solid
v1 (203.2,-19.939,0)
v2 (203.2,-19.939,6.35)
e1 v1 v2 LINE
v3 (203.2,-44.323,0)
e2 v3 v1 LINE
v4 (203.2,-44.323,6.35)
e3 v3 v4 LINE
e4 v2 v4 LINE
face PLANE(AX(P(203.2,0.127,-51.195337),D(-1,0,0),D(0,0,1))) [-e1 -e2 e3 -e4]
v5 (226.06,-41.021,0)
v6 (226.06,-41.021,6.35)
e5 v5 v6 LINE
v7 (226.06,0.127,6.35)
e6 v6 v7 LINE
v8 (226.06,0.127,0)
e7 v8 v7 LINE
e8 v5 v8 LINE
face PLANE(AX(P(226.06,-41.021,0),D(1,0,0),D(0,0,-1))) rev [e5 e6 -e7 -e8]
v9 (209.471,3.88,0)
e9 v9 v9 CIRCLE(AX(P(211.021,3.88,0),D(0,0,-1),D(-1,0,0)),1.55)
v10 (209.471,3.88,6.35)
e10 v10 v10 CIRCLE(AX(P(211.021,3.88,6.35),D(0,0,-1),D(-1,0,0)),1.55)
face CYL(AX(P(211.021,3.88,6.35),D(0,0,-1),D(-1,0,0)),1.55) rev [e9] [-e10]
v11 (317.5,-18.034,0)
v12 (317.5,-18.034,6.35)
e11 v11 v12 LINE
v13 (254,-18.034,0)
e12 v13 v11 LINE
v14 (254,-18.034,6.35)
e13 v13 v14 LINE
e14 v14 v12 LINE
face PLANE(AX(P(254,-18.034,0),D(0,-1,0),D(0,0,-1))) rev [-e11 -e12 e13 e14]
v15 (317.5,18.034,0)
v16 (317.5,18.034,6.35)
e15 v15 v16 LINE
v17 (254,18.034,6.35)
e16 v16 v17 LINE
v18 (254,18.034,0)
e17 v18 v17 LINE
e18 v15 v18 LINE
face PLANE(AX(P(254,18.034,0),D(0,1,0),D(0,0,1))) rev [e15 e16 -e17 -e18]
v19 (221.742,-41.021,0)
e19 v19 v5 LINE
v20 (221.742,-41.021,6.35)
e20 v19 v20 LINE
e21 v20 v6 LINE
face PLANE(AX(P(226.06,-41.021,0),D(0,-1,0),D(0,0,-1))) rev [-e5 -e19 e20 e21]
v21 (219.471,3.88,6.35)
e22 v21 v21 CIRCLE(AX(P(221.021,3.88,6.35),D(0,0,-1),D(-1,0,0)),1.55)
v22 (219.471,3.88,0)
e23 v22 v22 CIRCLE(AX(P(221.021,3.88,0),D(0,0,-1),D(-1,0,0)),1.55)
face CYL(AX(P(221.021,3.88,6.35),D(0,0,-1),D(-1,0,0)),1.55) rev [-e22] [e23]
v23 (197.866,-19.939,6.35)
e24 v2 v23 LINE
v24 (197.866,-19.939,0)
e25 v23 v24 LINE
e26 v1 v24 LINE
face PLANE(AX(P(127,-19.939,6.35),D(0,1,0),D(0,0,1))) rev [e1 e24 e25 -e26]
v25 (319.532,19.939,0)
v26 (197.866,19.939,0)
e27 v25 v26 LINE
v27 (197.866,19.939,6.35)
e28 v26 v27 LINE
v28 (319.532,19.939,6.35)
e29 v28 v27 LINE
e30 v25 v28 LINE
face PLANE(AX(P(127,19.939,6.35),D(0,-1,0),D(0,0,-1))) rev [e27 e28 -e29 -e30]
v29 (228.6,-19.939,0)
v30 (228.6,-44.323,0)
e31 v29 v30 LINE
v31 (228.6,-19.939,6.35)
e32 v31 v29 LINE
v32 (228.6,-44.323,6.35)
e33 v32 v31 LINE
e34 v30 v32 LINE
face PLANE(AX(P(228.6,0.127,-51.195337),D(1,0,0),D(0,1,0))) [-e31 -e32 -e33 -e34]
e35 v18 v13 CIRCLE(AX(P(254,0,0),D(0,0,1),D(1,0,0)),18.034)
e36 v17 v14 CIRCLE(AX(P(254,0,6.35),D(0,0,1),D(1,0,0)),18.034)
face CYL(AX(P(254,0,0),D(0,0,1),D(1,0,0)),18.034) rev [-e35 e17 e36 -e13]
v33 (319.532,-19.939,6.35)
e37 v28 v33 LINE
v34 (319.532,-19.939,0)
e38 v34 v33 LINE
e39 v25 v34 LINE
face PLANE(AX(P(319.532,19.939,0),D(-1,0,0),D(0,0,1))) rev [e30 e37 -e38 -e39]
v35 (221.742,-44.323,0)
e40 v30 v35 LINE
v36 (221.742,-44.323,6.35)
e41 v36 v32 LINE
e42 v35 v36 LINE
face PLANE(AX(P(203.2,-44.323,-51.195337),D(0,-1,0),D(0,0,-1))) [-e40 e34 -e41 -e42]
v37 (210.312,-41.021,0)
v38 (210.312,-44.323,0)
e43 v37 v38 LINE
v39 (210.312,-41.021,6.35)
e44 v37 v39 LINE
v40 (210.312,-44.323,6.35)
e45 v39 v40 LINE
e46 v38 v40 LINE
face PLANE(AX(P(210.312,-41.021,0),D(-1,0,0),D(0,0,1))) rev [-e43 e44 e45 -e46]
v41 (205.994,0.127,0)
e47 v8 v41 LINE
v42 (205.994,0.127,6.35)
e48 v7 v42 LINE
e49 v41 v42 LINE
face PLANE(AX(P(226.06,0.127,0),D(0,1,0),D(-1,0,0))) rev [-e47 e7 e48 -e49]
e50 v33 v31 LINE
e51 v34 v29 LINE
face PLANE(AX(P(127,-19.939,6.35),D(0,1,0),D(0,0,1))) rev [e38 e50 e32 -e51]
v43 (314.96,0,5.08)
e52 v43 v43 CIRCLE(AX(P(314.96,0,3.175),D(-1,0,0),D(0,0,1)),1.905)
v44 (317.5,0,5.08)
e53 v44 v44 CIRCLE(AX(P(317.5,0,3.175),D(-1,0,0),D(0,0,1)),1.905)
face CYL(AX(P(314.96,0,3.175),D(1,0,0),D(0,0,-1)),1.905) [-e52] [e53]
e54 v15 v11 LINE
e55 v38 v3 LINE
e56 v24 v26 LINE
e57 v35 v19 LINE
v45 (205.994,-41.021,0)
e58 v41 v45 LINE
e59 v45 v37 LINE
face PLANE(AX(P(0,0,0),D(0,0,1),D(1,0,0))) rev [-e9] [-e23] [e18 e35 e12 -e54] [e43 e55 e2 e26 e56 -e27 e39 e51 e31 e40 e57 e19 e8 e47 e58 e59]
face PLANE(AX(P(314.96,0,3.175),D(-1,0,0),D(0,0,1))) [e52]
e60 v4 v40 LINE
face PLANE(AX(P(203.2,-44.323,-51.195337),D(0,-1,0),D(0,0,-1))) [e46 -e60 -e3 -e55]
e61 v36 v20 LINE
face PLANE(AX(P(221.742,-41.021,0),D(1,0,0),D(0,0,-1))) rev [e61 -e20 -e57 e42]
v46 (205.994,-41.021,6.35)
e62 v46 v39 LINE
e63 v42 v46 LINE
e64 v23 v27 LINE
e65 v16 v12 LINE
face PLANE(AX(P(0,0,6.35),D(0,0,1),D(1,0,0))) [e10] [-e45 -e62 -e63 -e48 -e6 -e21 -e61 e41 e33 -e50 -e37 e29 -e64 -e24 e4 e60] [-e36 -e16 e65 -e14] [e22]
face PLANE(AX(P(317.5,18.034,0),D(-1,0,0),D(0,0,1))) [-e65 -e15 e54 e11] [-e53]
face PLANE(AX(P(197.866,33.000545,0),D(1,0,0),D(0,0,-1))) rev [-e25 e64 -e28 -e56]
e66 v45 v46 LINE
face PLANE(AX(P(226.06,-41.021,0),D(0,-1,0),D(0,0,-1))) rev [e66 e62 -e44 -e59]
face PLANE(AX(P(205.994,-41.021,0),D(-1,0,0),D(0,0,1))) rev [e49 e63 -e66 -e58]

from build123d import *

# Parameters (mm, degrees)
SKETCH1_R                = 19.939
CIRCLE_EXTRUDE_DEPTH     = 6.35
SKETCH3_W                = 6.35
SKETCH3_H                = 39.878
RECTANGLE_EXTRUDE_DEPTH  = 127
SKETCH2_R                = 18.034
CIRCLE_CUT_DEPTH         = 129.712416732
SKETCH6_W                = 125.095
SKETCH6_H                = 36.068
RECTANGLE_CUT_DEPTH      = 129.712416732
SKETCH7_W                = 61.595
SKETCH7_H                = 36.068
END_SHAPE_DEPTH          = 6.35
SKETCH8_R                = 1.905
FOR_SPRING_EXTRUDE_DEPTH = 2.54
MIRRORED_PATTERN_COUNT   = 2
MIRRORED_PATTERN_PITCH   = 254
MIDDLE_CONNECTOR_REACH   = 256.861
SKETCH10_W               = 6.35
SKETCH10_H               = 39.878
SKETCH11_W               = 6.35
SKETCH11_H               = 39.878
END_CUT_DEPTH            = 55.88
SKETCH13_W               = 25.4
SKETCH13_H               = 44.45
BOSS_EXTRUDE1_DEPTH      = 6.35
SKETCH12_W               = 20.066
SKETCH12_H               = 41.148
CUT_EXTRUDE1_DEPTH       = 329.188764629
LPATTERN1_COUNT          = 2
LPATTERN1_PITCH          = 107.188
SKETCH14_R               = 1.55
CUT_EXTRUDE2_DEPTH       = 329.188764629
SKETCH16_W               = 11.43
SKETCH16_H               = 3.302
CUT_EXTRUDE4_DEPTH       = 329.188764629
SKETCH17_W               = 244.663086165
SKETCH17_H               = 85.398325617
SKETCH17_W_2             = 5.588
SKETCH17_H_2             = 39.878
CUT_EXTRUDE5_DEPTH       = 329.188764629


with BuildPart() as part:
    # Sketch1 → circle extrude (new body)
    with BuildSketch(Plane.XY):
        Circle(SKETCH1_R)
    extrude(amount=CIRCLE_EXTRUDE_DEPTH)

    # Sketch3 → rectangle extrude (add)
    with BuildSketch(Plane(origin=(0, 0, 0), x_dir=(0, 0, -1), z_dir=(1, 0, 0))):
        with Locations((-3.175, 0)):
            Rectangle(SKETCH3_W, SKETCH3_H)
    extrude(amount=RECTANGLE_EXTRUDE_DEPTH)

    # Sketch2 → circle cut (cut, through all)
    with BuildSketch(Plane.XY.offset(6.35)):
        Circle(SKETCH2_R)
    extrude(amount=-CIRCLE_CUT_DEPTH, mode=Mode.SUBTRACT)

    # Sketch6 → rectangle cut (cut, through all)
    with BuildSketch(Plane.XY.offset(6.35)):
        with Locations((62.5475, 0)):
            Rectangle(SKETCH6_W, SKETCH6_H)
    extrude(amount=-RECTANGLE_CUT_DEPTH, mode=Mode.SUBTRACT)

    # Sketch7 → end shape (add)
    with BuildSketch(Plane.XY.offset(6.35)):
        with Locations((94.2975, 0)):
            Rectangle(SKETCH7_W, SKETCH7_H)
    extrude(amount=-END_SHAPE_DEPTH)

    # Sketch8 → for spring extrude (add)
    with BuildSketch(Plane.ZY.offset(-63.5)):
        with Locations((3.175, 0)):
            Circle(SKETCH8_R)
    extrude(amount=FOR_SPRING_EXTRUDE_DEPTH)


with BuildPart() as mirrored_pattern_1:
    # mirrored pattern: pattern copy
    add(part.part.moved(Location(Vector(1, 0, 0) * (1 * MIRRORED_PATTERN_PITCH))))

    # Sketch10 → middle connector (add, up to next)
    with BuildSketch(Plane(origin=(127, 0, 0), x_dir=(0, 0, -1), z_dir=(1, 0, 0)), mode=Mode.PRIVATE) as middle_connector_sk1:
        with Locations((-3.175, 0)):
            Rectangle(SKETCH10_W, SKETCH10_H)
    middle_connector_tool1 = extrude(middle_connector_sk1.sketch, amount=MIDDLE_CONNECTOR_REACH, mode=Mode.PRIVATE) - mirrored_pattern_1.part

    add(part.part)  # middle connector merges part
    add(middle_connector_tool1.solids().sort_by_distance((127, 0, 3.175))[0])

    # Sketch11 → end cut (cut)
    with BuildSketch(Plane(origin=(381, 0, 0), x_dir=(0, 0, -1), z_dir=(1, 0, 0))):
        with Locations((-3.175, 0)):
            Rectangle(SKETCH11_W, SKETCH11_H)
    extrude(amount=-END_CUT_DEPTH, mode=Mode.SUBTRACT)

    # Sketch13 → Boss-Extrude1 (add)
    with BuildSketch(Plane.XY.offset(6.35)):
        with Locations((215.9, -22.098)):
            Rectangle(SKETCH13_W, SKETCH13_H)
    boss_extrude1 = extrude(amount=-BOSS_EXTRUDE1_DEPTH)

    # Sketch12 → Cut-Extrude1 (cut, through all)
    with BuildSketch(Plane.XY.offset(6.35)):
        with Locations((216.027, -20.447)):
            Rectangle(SKETCH12_W, SKETCH12_H)
    cut_extrude1 = extrude(amount=-CUT_EXTRUDE1_DEPTH, mode=Mode.SUBTRACT)

    # LPattern1: Boss-Extrude1, Cut-Extrude1 ×2
    with Locations(*[(-i * LPATTERN1_PITCH, 0, 0) for i in range(1, LPATTERN1_COUNT)]):
        add(boss_extrude1)
        add(cut_extrude1, mode=Mode.SUBTRACT)

    # Sketch14 → Cut-Extrude2 (cut, through all)
    with BuildSketch(Plane(origin=(0, 0, 0), x_dir=(-1, 0, 0), z_dir=(0, 0, -1))):
        with Locations((-103.96, 3.88)):
            Circle(SKETCH14_R)
        with Locations((-113.96, 3.88)):
            Circle(SKETCH14_R)
        with Locations((-211.021, 3.88)):
            Circle(SKETCH14_R)
        with Locations((-221.021, 3.88)):
            Circle(SKETCH14_R)
    extrude(amount=-CUT_EXTRUDE2_DEPTH, mode=Mode.SUBTRACT)

    # Sketch16 → Cut-Extrude4 (cut, through all)
    with BuildSketch(Plane.XY.offset(6.35)):
        with Locations((216.027, -42.672)):
            Rectangle(SKETCH16_W, SKETCH16_H)
    extrude(amount=-CUT_EXTRUDE4_DEPTH, mode=Mode.SUBTRACT)

    # Sketch17 → Cut-Extrude5 (cut, through all)
    with BuildSketch(Plane.XY.offset(6.35)):
        with Locations((75.534456918, -9.69861823)):
            Rectangle(SKETCH17_W, SKETCH17_H)
        with Locations((322.326, 0)):
            Rectangle(SKETCH17_W_2, SKETCH17_H_2)
    extrude(amount=-CUT_EXTRUDE5_DEPTH, mode=Mode.SUBTRACT)


solid = mirrored_pattern_1.part
